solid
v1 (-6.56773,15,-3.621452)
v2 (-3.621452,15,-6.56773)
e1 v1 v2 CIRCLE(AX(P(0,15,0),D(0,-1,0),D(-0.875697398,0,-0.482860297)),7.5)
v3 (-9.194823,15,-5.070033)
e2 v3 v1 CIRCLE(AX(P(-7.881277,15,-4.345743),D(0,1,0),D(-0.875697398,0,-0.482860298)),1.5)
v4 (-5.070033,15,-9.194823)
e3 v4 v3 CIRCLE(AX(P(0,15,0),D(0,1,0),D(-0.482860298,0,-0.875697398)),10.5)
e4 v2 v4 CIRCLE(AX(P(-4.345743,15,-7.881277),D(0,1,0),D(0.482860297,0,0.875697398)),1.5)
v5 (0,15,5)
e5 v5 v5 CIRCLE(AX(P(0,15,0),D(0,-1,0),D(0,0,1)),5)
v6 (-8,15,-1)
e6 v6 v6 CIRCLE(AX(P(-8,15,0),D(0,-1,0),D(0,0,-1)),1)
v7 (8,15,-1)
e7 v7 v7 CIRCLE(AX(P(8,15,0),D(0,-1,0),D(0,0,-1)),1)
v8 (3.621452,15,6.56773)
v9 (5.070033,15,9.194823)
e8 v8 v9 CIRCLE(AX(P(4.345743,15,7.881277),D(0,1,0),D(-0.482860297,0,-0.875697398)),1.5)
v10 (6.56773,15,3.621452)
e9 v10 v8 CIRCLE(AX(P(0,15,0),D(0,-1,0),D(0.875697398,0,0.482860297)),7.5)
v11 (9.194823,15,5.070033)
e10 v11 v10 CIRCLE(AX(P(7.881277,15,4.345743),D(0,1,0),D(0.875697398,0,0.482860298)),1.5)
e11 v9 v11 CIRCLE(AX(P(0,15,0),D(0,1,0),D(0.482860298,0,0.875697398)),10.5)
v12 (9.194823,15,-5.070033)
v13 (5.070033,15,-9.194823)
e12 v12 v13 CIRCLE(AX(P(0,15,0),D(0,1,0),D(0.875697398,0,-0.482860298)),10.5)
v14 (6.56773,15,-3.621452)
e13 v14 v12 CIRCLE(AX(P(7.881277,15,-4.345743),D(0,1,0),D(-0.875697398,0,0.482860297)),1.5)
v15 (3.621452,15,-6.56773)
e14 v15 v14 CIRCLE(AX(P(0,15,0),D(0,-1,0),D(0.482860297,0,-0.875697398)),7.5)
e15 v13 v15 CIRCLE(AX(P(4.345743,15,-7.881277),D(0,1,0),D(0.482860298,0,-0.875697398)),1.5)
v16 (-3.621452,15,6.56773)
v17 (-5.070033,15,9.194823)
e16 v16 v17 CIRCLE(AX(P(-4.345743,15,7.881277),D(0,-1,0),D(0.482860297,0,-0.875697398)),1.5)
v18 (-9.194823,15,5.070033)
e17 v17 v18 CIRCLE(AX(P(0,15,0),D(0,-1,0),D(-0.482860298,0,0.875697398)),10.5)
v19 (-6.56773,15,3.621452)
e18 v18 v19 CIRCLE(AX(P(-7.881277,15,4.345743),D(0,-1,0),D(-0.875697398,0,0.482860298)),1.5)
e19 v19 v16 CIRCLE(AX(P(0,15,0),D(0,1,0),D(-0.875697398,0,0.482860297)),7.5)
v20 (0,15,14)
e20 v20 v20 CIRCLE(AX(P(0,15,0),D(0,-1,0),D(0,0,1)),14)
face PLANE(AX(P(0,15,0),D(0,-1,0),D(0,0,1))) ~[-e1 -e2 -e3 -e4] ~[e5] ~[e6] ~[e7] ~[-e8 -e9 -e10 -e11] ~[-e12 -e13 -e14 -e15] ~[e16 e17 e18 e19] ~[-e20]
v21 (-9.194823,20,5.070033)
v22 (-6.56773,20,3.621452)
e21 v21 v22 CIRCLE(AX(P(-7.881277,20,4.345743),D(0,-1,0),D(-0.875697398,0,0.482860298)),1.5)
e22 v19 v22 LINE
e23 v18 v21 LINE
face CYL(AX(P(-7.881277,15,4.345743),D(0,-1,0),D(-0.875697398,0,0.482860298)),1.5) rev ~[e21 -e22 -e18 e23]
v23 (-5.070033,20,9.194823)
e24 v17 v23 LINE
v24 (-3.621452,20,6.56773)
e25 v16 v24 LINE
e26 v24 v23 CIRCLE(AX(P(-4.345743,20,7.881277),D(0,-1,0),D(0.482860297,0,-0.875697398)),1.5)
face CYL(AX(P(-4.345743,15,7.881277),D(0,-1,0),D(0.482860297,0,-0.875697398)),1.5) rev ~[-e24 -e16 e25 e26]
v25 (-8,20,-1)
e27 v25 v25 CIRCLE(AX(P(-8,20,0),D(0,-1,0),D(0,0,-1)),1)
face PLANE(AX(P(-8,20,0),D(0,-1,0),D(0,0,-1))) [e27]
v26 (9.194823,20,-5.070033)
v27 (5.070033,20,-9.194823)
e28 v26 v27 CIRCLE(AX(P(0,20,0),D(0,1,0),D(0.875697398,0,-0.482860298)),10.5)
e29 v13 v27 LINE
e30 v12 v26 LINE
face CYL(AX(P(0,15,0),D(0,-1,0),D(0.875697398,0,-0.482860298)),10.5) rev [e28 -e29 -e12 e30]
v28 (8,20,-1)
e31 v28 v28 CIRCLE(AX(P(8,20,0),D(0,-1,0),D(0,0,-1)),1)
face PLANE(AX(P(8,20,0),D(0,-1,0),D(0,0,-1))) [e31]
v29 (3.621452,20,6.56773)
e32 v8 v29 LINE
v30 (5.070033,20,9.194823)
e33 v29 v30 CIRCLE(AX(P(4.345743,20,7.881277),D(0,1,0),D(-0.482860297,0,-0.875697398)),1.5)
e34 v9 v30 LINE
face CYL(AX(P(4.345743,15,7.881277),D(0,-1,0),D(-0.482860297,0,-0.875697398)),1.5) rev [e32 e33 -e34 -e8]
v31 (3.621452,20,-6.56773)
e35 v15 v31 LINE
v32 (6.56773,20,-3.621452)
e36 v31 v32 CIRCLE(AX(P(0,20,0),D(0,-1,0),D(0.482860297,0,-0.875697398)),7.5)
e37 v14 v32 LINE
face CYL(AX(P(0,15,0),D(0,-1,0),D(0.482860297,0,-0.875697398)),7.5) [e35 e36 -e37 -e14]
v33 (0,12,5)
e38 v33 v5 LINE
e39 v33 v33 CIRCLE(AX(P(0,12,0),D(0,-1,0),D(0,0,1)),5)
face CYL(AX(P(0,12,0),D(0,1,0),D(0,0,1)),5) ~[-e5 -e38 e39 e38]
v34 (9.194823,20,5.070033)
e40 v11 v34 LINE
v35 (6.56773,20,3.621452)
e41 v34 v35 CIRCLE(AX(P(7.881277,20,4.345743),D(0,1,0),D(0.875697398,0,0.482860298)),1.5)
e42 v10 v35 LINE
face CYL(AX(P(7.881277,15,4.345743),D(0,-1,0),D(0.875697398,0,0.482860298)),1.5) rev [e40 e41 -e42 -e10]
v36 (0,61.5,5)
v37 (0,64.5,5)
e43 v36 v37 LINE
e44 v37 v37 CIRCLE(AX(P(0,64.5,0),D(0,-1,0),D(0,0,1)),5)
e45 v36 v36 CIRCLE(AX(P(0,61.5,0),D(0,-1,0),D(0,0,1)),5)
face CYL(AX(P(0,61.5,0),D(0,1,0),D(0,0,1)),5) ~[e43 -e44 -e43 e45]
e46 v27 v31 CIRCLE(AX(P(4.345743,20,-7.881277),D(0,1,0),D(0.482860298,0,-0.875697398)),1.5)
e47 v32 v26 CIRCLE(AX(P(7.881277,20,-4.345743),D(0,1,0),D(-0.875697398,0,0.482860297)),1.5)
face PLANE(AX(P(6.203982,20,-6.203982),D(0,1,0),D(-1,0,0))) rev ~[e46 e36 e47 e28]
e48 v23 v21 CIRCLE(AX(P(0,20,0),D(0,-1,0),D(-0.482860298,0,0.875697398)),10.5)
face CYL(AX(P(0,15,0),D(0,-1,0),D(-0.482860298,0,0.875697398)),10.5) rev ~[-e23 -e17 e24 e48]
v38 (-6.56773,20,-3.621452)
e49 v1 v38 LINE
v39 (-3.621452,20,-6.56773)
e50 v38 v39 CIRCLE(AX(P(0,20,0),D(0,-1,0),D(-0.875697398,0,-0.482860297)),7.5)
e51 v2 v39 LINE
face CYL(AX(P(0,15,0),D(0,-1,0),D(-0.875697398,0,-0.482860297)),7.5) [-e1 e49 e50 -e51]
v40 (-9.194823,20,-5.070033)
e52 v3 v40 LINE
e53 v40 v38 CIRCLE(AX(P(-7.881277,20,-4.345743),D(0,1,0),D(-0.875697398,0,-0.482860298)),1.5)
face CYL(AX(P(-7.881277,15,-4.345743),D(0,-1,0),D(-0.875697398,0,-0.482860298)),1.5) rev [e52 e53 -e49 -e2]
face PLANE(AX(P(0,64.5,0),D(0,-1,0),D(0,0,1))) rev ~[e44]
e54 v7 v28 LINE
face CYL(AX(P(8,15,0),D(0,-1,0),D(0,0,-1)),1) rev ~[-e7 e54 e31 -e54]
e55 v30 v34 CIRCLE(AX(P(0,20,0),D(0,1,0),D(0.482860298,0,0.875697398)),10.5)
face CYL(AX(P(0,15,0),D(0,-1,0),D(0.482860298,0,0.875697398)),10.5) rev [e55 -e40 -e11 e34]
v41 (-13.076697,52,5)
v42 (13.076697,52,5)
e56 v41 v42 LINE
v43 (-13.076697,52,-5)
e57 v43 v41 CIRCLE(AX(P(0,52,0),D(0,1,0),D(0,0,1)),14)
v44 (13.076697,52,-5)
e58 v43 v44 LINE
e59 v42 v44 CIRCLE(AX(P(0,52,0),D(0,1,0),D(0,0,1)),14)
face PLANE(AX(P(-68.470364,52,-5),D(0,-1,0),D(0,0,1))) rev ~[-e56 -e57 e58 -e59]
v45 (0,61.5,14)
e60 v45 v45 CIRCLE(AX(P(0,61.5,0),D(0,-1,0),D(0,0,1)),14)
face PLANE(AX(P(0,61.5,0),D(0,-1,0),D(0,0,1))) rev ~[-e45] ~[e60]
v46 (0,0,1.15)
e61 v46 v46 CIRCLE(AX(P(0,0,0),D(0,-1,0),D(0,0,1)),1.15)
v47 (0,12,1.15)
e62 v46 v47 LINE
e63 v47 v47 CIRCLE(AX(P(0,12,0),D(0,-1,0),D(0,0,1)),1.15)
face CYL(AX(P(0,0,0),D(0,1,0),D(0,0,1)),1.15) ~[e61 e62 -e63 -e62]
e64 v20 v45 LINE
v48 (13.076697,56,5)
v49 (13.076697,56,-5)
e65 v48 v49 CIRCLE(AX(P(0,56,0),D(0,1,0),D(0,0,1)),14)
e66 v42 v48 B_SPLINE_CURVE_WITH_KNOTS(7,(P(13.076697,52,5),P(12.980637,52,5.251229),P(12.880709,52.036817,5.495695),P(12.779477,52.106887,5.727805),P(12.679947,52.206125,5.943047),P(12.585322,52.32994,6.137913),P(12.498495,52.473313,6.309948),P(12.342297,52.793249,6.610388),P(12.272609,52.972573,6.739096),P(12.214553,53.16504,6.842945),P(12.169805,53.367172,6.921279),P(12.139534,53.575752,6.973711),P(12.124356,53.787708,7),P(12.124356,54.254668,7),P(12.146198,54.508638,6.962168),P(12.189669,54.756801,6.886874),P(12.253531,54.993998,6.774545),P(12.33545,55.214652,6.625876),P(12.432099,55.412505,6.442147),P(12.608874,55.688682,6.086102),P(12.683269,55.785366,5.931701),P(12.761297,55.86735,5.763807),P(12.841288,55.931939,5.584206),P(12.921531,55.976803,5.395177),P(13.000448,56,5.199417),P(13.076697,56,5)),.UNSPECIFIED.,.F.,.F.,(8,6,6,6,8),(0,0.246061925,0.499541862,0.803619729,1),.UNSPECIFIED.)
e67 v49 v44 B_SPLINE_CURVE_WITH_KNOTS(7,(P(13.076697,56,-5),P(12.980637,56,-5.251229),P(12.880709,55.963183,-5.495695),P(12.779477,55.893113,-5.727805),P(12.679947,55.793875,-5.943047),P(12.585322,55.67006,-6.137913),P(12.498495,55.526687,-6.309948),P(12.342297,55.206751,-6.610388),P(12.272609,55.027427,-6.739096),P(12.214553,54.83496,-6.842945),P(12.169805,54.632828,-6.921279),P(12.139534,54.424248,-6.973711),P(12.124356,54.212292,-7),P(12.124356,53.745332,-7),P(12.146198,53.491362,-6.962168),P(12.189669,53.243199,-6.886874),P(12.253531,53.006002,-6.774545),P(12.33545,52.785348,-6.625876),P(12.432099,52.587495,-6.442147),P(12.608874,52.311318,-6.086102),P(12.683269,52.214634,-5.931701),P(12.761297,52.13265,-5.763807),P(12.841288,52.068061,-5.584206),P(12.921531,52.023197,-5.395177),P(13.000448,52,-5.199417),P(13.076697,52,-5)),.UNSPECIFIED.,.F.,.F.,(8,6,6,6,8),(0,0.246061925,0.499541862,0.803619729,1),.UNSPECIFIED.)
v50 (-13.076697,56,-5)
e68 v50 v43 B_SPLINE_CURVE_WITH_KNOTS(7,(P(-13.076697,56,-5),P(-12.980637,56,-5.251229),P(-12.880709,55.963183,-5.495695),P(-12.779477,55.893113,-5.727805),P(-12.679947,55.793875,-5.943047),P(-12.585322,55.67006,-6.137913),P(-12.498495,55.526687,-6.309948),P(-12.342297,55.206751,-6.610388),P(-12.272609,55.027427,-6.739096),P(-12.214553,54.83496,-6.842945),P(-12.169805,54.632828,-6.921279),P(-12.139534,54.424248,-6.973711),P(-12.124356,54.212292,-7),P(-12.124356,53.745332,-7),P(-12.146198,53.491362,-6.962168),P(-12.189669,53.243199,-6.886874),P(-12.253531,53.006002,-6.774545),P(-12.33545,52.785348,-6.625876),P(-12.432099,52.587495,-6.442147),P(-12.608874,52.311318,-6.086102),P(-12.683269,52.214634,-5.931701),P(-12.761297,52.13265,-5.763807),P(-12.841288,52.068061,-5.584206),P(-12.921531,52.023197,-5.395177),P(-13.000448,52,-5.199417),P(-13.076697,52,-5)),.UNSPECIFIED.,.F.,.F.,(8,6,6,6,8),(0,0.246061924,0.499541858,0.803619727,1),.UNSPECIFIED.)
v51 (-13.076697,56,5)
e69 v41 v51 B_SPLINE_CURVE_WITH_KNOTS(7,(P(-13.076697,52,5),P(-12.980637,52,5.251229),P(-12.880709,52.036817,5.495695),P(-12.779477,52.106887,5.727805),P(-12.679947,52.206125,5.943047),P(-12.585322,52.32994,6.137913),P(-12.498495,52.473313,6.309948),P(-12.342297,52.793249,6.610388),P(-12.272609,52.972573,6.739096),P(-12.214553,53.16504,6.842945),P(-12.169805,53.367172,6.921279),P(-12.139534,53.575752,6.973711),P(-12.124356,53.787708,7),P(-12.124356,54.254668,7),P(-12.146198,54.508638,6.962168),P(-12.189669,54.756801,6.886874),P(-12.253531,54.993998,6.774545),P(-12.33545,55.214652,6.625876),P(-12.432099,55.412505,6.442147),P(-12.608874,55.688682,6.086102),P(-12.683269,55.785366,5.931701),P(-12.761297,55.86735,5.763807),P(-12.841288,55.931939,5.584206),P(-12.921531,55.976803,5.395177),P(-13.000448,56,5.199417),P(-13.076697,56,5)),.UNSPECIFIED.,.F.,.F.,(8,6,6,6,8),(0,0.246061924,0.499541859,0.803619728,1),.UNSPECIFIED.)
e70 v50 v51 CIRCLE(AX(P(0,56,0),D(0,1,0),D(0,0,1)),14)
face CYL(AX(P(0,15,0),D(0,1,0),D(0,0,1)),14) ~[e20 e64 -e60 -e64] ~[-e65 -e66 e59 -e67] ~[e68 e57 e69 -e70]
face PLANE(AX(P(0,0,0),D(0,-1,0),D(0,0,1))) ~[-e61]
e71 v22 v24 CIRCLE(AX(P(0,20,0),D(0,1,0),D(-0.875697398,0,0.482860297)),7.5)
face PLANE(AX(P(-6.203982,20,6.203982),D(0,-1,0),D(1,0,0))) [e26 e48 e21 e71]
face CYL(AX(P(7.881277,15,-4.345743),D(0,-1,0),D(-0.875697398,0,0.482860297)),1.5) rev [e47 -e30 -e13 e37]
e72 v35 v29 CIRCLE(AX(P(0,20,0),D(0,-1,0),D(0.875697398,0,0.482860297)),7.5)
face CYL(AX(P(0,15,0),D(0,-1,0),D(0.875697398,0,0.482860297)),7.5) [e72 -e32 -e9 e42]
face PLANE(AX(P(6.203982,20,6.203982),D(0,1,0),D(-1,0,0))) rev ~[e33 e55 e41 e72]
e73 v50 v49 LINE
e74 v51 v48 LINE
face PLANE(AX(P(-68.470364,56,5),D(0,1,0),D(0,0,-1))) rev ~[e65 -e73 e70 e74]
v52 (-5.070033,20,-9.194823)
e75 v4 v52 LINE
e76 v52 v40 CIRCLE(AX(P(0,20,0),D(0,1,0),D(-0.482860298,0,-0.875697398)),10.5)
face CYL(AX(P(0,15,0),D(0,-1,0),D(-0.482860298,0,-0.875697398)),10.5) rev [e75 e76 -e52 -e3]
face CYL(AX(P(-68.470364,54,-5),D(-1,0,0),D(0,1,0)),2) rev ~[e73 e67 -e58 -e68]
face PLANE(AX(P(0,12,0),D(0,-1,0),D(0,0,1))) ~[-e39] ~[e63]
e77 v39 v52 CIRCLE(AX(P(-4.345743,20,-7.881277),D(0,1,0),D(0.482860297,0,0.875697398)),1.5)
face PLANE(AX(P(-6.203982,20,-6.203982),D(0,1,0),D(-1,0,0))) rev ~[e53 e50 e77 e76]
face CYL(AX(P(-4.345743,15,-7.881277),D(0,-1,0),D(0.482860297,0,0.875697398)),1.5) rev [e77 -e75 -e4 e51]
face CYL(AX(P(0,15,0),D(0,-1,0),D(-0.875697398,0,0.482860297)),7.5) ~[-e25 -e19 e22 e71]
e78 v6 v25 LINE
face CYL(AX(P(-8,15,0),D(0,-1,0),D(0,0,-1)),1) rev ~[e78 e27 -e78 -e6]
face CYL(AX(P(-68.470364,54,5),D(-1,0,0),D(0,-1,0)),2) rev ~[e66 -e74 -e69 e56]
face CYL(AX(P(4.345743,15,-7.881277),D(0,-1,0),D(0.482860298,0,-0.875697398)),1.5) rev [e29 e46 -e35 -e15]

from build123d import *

# Parameters (mm, degrees)
SKETCH2_R               = 1
CUT_EXTRUDE1_DEPTH      = 5
CUT_EXTRUDE2_DEPTH      = 5
CUT_EXTRUDE3_DEPTH      = 68.470363864
CUT_EXTRUDE3_DEPTH_BACK = 68.470363864


with BuildPart() as part:
    # Sketch1 → Revolve1 (revolve)
    with BuildSketch(Plane(origin=(0, 0, 0), x_dir=(0, 0, -1), z_dir=(1, 0, 0)), mode=Mode.PRIVATE) as revolve1_sk:
        Polygon((0, 0), (1.15, 0), (1.15, 12), (5, 12), (5, 15), (14, 15), (14, 61.5), (5, 61.5), (5, 64.5), (0, 64.5), align=None)
    revolve(revolve1_sk.sketch.rotate(Axis((0, 64.5, 0), (0, -1, 0)), 180), axis=Axis((0, 64.5, 0), (0, -1, 0)))

    # Sketch2 → Cut-Extrude1 (cut)
    with BuildSketch(Plane.XZ.offset(-15)):
        with Locations(Location((-8, 0, 0), (0, 0, 270))):
            Circle(SKETCH2_R)
        with Locations(Location((8, 0, 0), (0, 0, 270))):
            Circle(SKETCH2_R)
    extrude(amount=-CUT_EXTRUDE1_DEPTH, mode=Mode.SUBTRACT)

    # Sketch3 → Cut-Extrude2 (cut)
    with BuildSketch(Plane.XZ.offset(-15)):
        with BuildLine():
            ThreePointArc((-5.070033124, 9.19482268), (-7.424621202, 7.424621202), (-9.19482268, 5.070033124))
            ThreePointArc((-9.19482268, 5.070033124), (-8.60556703, 3.03219658), (-6.567730486, 3.621452231))
            ThreePointArc((-6.567730486, 3.621452231), (-5.303300859, 5.303300859), (-3.621452231, 6.567730486))
            ThreePointArc((-3.621452231, 6.567730486), (-3.03219658, 8.60556703), (-5.070033124, 9.19482268))
        make_face()
        with BuildLine():
            ThreePointArc((6.567730486, 3.621452231), (5.303300859, 5.303300859), (3.621452231, 6.567730486))
            ThreePointArc((3.621452231, 6.567730486), (3.03219658, 8.60556703), (5.070033124, 9.19482268))
            ThreePointArc((5.070033124, 9.19482268), (7.424621202, 7.424621202), (9.19482268, 5.070033124))
            ThreePointArc((9.19482268, 5.070033124), (8.60556703, 3.03219658), (6.567730486, 3.621452231))
        make_face()
        with BuildLine():
            ThreePointArc((3.621452231, -6.567730486), (5.303300859, -5.303300859), (6.567730486, -3.621452231))
            ThreePointArc((6.567730486, -3.621452231), (8.60556703, -3.03219658), (9.19482268, -5.070033124))
            ThreePointArc((9.19482268, -5.070033124), (7.424621202, -7.424621202), (5.070033124, -9.19482268))
            ThreePointArc((5.070033124, -9.19482268), (3.03219658, -8.60556703), (3.621452231, -6.567730486))
        make_face()
        with BuildLine():
            ThreePointArc((-6.567730486, -3.621452231), (-5.303300859, -5.303300859), (-3.621452231, -6.567730486))
            ThreePointArc((-3.621452231, -6.567730486), (-3.03219658, -8.60556703), (-5.070033124, -9.19482268))
            ThreePointArc((-5.070033124, -9.19482268), (-7.424621202, -7.424621202), (-9.19482268, -5.070033124))
            ThreePointArc((-9.19482268, -5.070033124), (-8.60556703, -3.03219658), (-6.567730486, -3.621452231))
        make_face()
    extrude(amount=-CUT_EXTRUDE2_DEPTH, mode=Mode.SUBTRACT)

    # Sketch4 → Cut-Extrude3 (cut, two sides: drawn at the far end of the back side and taken through both)
    with BuildSketch(Plane(origin=(0, 0, 0), x_dir=(0, 0, -1), z_dir=(1, 0, 0)).offset(-CUT_EXTRUDE3_DEPTH_BACK)):
        with BuildLine():
            Line((-5, 56), (5, 56))
            ThreePointArc((5, 56), (7, 54), (5, 52))
            Line((5, 52), (-5, 52))
            ThreePointArc((-5, 52), (-7, 54), (-5, 56))
        make_face()
    extrude(amount=CUT_EXTRUDE3_DEPTH + CUT_EXTRUDE3_DEPTH_BACK, mode=Mode.SUBTRACT)


solid = part.part
